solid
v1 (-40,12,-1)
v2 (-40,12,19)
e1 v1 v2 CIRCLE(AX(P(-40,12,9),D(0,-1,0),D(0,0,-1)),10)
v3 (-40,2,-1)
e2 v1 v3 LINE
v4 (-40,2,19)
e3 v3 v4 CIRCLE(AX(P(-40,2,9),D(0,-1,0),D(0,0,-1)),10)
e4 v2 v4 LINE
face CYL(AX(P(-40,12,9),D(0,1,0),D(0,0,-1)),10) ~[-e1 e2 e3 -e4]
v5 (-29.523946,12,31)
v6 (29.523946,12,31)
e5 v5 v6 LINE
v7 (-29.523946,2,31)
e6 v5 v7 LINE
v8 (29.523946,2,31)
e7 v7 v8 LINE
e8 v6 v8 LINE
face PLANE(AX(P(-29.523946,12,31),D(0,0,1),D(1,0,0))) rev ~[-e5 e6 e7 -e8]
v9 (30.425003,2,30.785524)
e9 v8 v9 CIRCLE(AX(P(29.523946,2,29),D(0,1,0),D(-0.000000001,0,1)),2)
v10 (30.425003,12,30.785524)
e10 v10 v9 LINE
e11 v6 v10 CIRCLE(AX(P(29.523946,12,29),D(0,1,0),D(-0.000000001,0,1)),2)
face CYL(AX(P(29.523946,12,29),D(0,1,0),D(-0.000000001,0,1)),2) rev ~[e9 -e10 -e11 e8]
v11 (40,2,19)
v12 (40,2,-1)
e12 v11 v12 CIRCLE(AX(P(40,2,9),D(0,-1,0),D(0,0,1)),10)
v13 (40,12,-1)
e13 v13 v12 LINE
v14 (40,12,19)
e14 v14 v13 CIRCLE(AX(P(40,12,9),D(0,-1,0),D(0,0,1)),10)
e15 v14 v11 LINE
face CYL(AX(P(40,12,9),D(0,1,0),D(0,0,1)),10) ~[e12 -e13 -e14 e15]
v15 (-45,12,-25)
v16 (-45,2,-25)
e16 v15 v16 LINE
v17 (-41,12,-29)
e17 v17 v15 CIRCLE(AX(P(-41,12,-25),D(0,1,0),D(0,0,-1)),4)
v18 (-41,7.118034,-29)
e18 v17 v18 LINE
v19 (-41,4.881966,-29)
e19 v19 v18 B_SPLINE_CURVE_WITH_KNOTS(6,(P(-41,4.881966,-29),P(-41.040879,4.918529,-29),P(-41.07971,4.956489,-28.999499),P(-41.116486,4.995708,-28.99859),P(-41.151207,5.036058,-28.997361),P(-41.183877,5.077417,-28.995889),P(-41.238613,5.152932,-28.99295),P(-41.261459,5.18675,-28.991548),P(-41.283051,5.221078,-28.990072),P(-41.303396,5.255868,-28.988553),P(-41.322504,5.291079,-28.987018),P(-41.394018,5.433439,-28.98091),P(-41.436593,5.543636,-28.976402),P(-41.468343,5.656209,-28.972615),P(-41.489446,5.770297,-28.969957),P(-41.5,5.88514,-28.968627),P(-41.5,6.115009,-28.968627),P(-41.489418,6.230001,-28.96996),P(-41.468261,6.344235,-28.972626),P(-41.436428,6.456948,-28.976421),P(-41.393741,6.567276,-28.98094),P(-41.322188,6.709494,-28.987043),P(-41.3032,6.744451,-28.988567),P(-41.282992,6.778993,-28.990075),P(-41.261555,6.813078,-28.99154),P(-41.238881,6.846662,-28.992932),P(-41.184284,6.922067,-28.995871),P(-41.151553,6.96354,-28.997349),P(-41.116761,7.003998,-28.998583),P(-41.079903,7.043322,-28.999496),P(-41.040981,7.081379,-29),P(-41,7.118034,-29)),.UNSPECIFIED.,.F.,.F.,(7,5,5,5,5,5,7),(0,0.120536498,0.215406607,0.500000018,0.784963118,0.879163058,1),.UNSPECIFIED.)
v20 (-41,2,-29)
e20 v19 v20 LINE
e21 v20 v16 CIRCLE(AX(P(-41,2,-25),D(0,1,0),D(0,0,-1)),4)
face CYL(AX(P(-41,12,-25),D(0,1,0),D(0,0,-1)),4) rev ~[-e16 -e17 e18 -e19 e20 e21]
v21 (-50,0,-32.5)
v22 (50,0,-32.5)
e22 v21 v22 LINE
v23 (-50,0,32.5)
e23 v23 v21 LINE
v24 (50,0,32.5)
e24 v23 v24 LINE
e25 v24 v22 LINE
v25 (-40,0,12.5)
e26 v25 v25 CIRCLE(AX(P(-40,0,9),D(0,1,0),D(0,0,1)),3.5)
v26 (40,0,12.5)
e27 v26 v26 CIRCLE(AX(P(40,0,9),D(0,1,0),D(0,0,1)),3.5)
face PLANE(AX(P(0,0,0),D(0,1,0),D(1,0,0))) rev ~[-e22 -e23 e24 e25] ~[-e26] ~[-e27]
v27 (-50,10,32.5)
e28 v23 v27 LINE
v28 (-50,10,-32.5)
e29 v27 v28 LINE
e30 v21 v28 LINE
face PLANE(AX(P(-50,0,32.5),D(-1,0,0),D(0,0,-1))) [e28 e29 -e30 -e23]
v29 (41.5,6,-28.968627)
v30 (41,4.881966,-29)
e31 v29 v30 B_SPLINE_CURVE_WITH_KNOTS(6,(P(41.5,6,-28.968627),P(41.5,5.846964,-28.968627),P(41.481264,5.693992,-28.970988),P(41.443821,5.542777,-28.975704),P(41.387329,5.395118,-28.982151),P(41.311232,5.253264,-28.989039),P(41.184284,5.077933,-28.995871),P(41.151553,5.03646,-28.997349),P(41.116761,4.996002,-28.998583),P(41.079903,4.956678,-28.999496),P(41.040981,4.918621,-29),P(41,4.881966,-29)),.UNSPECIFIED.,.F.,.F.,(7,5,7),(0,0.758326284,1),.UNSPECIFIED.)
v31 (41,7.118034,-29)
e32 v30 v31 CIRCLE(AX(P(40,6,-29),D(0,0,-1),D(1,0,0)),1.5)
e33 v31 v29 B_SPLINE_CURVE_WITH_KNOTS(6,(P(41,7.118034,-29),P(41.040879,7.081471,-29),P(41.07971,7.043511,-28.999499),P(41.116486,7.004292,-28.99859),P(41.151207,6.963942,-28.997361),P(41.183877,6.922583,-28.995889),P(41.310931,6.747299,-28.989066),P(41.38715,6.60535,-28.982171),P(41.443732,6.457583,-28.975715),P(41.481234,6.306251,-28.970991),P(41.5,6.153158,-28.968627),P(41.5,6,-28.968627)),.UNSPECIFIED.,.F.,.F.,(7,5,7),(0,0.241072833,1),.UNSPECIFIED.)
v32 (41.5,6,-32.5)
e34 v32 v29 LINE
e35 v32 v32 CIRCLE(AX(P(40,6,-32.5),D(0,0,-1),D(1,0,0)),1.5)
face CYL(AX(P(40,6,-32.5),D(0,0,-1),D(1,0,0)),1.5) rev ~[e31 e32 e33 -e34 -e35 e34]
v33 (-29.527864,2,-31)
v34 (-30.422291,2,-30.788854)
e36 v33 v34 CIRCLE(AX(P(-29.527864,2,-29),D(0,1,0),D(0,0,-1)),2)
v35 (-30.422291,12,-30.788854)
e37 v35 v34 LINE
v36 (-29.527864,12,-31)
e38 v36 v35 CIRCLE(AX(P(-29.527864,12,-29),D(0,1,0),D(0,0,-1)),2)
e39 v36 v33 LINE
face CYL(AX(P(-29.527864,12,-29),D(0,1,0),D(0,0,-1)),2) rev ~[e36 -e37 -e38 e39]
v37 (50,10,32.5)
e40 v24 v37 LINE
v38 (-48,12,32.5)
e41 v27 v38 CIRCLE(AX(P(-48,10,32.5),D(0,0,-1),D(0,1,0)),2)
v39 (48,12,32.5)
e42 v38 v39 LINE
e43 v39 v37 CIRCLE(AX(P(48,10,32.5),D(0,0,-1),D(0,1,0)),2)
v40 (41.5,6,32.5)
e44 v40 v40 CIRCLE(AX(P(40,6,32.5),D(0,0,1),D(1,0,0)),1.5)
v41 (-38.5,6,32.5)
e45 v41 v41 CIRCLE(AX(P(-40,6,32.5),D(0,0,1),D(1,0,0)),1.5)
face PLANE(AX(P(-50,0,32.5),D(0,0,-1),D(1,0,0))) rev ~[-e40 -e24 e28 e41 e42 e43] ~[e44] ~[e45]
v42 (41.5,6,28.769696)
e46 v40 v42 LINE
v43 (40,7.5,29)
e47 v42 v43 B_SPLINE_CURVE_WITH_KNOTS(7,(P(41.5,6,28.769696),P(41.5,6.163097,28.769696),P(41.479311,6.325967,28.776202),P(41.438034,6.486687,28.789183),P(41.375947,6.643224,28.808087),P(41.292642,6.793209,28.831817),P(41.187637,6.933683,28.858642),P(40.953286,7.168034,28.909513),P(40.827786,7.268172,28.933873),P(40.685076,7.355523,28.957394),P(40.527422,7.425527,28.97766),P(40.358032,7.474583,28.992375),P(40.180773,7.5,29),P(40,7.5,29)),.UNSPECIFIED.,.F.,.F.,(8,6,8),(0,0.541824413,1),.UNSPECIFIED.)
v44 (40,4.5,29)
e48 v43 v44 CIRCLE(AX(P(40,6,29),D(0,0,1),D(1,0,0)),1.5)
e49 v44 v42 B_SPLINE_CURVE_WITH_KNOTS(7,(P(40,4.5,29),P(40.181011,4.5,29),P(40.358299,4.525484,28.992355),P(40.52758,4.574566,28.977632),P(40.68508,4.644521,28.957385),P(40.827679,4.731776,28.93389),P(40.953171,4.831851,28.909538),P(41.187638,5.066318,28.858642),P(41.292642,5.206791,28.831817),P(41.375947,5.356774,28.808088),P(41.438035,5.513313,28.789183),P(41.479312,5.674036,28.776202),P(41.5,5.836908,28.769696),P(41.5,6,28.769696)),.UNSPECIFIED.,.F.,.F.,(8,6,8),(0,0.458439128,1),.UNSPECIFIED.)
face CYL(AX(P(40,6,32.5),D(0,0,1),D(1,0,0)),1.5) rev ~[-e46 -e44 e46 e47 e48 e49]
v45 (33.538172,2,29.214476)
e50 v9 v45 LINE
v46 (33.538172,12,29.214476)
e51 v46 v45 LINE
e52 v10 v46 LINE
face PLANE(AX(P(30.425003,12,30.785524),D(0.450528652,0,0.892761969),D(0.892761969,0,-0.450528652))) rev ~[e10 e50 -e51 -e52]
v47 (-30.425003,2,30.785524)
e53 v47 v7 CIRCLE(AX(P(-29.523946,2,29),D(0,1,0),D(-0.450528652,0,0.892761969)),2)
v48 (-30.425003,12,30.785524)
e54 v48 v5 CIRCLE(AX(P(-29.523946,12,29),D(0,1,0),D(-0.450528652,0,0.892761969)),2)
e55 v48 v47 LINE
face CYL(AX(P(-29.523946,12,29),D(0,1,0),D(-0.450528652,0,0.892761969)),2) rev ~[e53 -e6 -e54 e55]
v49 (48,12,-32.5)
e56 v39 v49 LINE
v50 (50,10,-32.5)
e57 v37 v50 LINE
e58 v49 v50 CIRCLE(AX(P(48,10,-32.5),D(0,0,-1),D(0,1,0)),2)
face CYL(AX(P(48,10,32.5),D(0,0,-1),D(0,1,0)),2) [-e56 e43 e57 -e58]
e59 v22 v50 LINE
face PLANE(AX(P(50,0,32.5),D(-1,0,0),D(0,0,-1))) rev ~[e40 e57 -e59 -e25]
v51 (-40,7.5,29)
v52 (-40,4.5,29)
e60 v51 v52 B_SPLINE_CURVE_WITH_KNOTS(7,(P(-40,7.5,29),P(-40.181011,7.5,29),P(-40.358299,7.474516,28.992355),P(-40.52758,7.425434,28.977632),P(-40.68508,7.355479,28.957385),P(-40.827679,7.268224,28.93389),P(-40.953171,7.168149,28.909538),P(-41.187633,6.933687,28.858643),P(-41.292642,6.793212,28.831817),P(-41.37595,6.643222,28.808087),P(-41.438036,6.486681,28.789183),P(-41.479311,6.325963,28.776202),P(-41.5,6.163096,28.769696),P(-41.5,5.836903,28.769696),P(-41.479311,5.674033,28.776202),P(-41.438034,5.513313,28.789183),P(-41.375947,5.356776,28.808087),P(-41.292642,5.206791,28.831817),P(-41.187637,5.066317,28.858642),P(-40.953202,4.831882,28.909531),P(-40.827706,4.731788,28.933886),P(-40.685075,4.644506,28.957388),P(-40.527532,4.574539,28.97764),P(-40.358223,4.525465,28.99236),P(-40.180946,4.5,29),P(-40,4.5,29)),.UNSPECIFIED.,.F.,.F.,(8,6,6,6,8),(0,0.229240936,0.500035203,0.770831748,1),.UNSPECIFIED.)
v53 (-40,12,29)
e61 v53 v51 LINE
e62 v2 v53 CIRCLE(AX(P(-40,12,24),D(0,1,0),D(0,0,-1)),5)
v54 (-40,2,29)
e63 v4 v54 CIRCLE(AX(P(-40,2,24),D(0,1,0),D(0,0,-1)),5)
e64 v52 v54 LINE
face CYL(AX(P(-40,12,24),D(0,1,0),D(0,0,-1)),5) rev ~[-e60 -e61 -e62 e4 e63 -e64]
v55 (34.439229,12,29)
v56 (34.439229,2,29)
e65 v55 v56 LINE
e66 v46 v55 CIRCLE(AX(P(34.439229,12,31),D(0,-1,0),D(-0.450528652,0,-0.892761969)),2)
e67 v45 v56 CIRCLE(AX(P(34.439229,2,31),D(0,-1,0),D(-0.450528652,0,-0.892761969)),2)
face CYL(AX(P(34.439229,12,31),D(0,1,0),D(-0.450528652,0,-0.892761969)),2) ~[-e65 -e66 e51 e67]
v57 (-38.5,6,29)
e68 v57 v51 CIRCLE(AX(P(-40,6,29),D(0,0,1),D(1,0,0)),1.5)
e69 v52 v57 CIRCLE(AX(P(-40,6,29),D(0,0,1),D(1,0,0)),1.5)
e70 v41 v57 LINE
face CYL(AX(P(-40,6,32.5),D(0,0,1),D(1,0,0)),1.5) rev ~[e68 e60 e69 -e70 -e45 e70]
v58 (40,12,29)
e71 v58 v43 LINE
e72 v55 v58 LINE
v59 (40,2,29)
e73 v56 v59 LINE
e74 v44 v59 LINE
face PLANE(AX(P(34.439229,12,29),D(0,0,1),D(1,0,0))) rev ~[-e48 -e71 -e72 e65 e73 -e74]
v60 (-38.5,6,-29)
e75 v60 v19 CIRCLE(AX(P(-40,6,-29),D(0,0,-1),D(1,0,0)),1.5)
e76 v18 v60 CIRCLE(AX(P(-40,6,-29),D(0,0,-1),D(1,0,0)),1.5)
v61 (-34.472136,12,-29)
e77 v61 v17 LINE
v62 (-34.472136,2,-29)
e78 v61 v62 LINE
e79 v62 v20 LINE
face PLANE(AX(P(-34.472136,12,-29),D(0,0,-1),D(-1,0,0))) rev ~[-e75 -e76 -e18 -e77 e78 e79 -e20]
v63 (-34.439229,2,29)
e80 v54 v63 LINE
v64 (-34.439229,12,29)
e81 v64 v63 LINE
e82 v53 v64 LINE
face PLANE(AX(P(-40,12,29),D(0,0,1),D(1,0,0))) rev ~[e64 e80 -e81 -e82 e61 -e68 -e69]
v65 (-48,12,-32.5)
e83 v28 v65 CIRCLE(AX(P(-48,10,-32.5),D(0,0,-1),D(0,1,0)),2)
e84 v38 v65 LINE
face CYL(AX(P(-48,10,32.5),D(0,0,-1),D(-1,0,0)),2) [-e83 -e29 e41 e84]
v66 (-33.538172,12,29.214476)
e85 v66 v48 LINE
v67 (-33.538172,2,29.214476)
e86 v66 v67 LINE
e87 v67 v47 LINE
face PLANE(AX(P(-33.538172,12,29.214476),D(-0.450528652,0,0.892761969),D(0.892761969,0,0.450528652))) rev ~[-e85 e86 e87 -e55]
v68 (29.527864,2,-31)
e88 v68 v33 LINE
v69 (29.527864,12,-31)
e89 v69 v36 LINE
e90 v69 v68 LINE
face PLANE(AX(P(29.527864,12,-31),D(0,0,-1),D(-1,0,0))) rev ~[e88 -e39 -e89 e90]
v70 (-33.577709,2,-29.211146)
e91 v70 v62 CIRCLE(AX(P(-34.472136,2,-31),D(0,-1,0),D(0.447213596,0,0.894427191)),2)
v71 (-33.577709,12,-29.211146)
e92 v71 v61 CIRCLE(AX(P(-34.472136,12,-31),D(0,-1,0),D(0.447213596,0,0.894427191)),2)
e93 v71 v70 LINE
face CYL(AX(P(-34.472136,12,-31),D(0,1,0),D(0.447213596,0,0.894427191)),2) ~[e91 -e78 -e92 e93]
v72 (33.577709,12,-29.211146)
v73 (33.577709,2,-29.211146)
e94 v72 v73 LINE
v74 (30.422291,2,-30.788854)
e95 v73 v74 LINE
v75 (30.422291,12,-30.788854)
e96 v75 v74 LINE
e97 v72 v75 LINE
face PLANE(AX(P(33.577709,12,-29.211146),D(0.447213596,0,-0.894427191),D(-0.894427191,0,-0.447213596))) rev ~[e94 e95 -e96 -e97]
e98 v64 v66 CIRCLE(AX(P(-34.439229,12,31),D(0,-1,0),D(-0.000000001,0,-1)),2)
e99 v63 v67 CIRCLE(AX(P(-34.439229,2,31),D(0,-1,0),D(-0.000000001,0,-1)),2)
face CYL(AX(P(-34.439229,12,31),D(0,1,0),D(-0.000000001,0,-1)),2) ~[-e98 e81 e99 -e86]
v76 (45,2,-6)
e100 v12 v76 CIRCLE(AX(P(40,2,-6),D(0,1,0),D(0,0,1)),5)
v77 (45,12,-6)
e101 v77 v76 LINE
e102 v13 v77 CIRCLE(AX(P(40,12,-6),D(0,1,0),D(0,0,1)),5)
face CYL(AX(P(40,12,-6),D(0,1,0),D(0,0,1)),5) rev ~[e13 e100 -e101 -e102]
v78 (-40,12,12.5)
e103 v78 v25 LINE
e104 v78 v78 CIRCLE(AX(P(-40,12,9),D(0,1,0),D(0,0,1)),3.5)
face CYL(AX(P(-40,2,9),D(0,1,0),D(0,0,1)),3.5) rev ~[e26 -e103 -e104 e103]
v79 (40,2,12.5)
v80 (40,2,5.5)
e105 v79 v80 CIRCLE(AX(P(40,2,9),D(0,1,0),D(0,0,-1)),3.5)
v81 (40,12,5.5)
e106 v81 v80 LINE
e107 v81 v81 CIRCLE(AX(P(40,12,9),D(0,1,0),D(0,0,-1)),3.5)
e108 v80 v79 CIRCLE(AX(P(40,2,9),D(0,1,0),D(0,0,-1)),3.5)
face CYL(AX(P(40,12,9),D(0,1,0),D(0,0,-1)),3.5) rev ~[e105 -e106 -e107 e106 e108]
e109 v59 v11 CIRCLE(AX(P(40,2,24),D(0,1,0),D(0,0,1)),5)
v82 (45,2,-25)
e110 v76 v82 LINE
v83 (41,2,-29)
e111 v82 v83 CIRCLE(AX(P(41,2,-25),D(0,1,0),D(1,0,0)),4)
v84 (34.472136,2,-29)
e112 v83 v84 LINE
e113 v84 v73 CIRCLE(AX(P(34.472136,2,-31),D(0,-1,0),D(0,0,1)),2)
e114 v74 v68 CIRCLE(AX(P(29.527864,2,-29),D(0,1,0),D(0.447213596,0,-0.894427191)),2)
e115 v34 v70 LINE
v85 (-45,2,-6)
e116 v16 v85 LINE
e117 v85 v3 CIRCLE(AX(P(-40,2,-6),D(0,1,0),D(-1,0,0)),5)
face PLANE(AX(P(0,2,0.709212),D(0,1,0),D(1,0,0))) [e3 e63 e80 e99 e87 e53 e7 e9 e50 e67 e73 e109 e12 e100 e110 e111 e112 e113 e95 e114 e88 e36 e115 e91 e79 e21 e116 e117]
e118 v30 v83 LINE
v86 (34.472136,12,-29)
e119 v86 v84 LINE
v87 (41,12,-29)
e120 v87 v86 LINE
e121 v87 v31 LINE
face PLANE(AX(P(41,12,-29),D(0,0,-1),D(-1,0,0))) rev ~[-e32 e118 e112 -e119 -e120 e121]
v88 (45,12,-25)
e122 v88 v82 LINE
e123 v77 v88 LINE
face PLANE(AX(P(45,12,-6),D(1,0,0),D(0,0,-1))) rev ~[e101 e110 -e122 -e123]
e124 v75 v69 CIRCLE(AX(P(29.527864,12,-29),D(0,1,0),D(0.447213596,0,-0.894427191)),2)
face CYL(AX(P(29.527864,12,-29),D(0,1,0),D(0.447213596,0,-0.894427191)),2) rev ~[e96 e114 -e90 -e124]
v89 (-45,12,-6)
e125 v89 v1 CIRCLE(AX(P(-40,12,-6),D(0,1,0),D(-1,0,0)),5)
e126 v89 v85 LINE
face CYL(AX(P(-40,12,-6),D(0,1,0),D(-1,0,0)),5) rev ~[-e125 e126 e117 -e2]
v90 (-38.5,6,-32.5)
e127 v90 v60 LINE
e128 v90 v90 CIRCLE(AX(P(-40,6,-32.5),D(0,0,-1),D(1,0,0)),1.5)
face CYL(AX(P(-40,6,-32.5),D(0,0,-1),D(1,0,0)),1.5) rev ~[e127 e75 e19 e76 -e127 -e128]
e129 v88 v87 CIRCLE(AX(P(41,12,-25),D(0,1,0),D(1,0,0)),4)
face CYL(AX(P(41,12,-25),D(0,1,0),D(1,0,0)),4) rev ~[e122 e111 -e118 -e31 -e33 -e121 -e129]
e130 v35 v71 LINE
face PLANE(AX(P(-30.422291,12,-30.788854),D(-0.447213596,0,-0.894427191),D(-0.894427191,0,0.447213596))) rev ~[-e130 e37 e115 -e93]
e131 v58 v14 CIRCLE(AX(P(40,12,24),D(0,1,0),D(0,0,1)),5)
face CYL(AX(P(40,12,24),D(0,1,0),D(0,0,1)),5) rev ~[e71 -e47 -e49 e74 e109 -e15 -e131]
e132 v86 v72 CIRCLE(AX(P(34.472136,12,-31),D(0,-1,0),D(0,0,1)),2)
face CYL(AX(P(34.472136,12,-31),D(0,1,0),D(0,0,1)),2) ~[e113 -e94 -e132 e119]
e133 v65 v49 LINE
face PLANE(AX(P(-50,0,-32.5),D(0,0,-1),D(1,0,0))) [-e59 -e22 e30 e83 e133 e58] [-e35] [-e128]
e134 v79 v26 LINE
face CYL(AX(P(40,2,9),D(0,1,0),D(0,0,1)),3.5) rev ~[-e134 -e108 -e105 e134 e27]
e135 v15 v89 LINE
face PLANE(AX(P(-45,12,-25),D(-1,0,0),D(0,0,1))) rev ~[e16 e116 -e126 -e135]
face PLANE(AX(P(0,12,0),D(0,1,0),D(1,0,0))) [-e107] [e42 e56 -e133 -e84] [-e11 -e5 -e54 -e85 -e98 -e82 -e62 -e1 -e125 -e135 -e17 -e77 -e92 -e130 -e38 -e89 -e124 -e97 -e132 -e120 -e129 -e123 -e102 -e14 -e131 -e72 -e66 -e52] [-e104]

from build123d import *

# Parameters (mm, degrees)
SKETCH_1_W          = 100
SKETCH_1_H          = 65
EXTRUDE_1_DEPTH     = 12
SKETCH_2_R          = 3.5
CUT_EXTRUDE_2_DEPTH = 10
SKETCH_3_R          = 3.5
CUT_EXTRUDE_3_DEPTH = 61.466933112
SKETCH_4_R          = 3.5
CUT_EXTRUDE_4_DEPTH = 61.466933112
CUT_EXTRUDE_5_REACH = 84.879
SKETCH_5_R          = 1.5
CUT_EXTRUDE_6_REACH = 84.879
SKETCH_6_R          = 1.5
FILLET_3_R          = 2


with BuildPart() as part:
    # 草图1 → 凸台-拉伸1 (new body)
    with BuildSketch(Plane(origin=(0, 0, 0), x_dir=(1, 0, 0), z_dir=(0, 1, 0))):
        Rectangle(SKETCH_1_W, SKETCH_1_H)
    extrude(amount=EXTRUDE_1_DEPTH)

    # 草图2 → 切除-拉伸2 (cut)
    with BuildSketch(Plane(origin=(0, 12, 0), x_dir=(1, 0, 0), z_dir=(0, 1, 0))):
        with Locations(Location((-40, -9, 0), (0, 0, 270))):
            Circle(SKETCH_2_R)
        with Locations(Location((40, -9, 0), (0, 0, 90))):
            Circle(SKETCH_2_R)
        with BuildLine():
            Line((-30.422291236, 30.788854382), (-33.577708764, 29.211145618))
            ThreePointArc((-33.577708764, 29.211145618), (-34.012630114, 29.053502021), (-34.472135955, 29))
            Line((-34.472135955, 29), (-41, 29))
            ThreePointArc((-41, 29), (-43.828427125, 27.828427125), (-45, 25))
            Line((-45, 25), (-45, 6))
            ThreePointArc((-45, 6), (-43.535533906, 2.464466094), (-40, 1))
            ThreePointArc((-40, 1), (-30, -9), (-40, -19))
            ThreePointArc((-40, -19), (-45, -24), (-40, -29))
            Line((-40, -29), (-34.439229319, -29))
            ThreePointArc((-34.439229319, -29), (-33.976113717, -29.054357705), (-33.538172016, -29.214476061))
            Line((-33.538172016, -29.214476061), (-30.425003094, -30.785523939))
            ThreePointArc((-30.425003094, -30.785523939), (-29.987061393, -30.945642295), (-29.52394579, -31))
            Line((-29.52394579, -31), (29.52394579, -31))
            ThreePointArc((29.52394579, -31), (29.987061393, -30.945642295), (30.425003094, -30.785523939))
            Line((30.425003094, -30.785523939), (33.538172016, -29.214476061))
            ThreePointArc((33.538172016, -29.214476061), (33.976113717, -29.054357705), (34.439229319, -29))
            Line((34.439229319, -29), (40, -29))
            ThreePointArc((40, -29), (45, -24), (40, -19))
            ThreePointArc((40, -19), (30, -9), (40, 1))
            ThreePointArc((40, 1), (43.535533906, 2.464466094), (45, 6))
            Line((45, 6), (45, 25))
            ThreePointArc((45, 25), (43.828427125, 27.828427125), (41, 29))
            Line((41, 29), (34.472135955, 29))
            ThreePointArc((34.472135955, 29), (34.012630114, 29.053502021), (33.577708764, 29.211145618))
            Line((33.577708764, 29.211145618), (30.422291236, 30.788854382))
            ThreePointArc((30.422291236, 30.788854382), (29.987369886, 30.946497979), (29.527864045, 31))
            Line((29.527864045, 31), (-29.527864045, 31))
            ThreePointArc((-29.527864045, 31), (-29.987369886, 30.946497979), (-30.422291236, 30.788854382))
        make_face()
    extrude(amount=-CUT_EXTRUDE_2_DEPTH, mode=Mode.SUBTRACT)

    # 草图3 → 切除-拉伸3 (cut, through all)
    with BuildSketch(Plane(origin=(0, 2, 0), x_dir=(1, 0, 0), z_dir=(0, 1, 0))):
        with Locations(Location((-40, -9, 0), (0, 0, 270))):
            Circle(SKETCH_3_R)
    extrude(amount=-CUT_EXTRUDE_3_DEPTH, mode=Mode.SUBTRACT)

    # 草图4 → 切除-拉伸4 (cut, through all)
    with BuildSketch(Plane(origin=(0, 2, 0), x_dir=(1, 0, 0), z_dir=(0, 1, 0))):
        with Locations(Location((40, -9, 0), (0, 0, 270))):
            Circle(SKETCH_4_R)
    extrude(amount=-CUT_EXTRUDE_4_DEPTH, mode=Mode.SUBTRACT)

    # 草图5 → 切除-拉伸5 (cut, up to next)
    with BuildSketch(Plane.XY.offset(32.5), mode=Mode.PRIVATE) as cut_extrude_5_sk1:
        with Locations((-40, 6)):
            Circle(SKETCH_5_R)
    cut_extrude_5_tool1 = extrude(cut_extrude_5_sk1.sketch, amount=-CUT_EXTRUDE_5_REACH, mode=Mode.PRIVATE) & part.part
    # 草图5 → 切除-拉伸5 (cut, up to next)
    with BuildSketch(Plane.XY.offset(32.5), mode=Mode.PRIVATE) as cut_extrude_5_sk2:
        with Locations((40, 6)):
            Circle(SKETCH_5_R)
    cut_extrude_5_tool2 = extrude(cut_extrude_5_sk2.sketch, amount=-CUT_EXTRUDE_5_REACH, mode=Mode.PRIVATE) & part.part
    add(cut_extrude_5_tool1.solids().sort_by_distance((-40, 6, 32.5))[0], mode=Mode.SUBTRACT)
    add(cut_extrude_5_tool2.solids().sort_by_distance((40, 6, 32.5))[0], mode=Mode.SUBTRACT)

    # 草图6 → 切除-拉伸6 (cut, up to next)
    with BuildSketch(Plane(origin=(0, 0, -32.5), x_dir=(-1, 0, 0), z_dir=(0, 0, -1)), mode=Mode.PRIVATE) as cut_extrude_6_sk1:
        with Locations(Location((-40, 6, 0), (0, 0, 180))):
            Circle(SKETCH_6_R)
    cut_extrude_6_tool1 = extrude(cut_extrude_6_sk1.sketch, amount=-CUT_EXTRUDE_6_REACH, mode=Mode.PRIVATE) & part.part
    # 草图6 → 切除-拉伸6 (cut, up to next)
    with BuildSketch(Plane(origin=(0, 0, -32.5), x_dir=(-1, 0, 0), z_dir=(0, 0, -1)), mode=Mode.PRIVATE) as cut_extrude_6_sk2:
        with Locations(Location((40, 6, 0), (0, 0, 180))):
            Circle(SKETCH_6_R)
    cut_extrude_6_tool2 = extrude(cut_extrude_6_sk2.sketch, amount=-CUT_EXTRUDE_6_REACH, mode=Mode.PRIVATE) & part.part
    add(cut_extrude_6_tool1.solids().sort_by_distance((40, 6, -32.5))[0], mode=Mode.SUBTRACT)
    add(cut_extrude_6_tool2.solids().sort_by_distance((-40, 6, -32.5))[0], mode=Mode.SUBTRACT)

    # 圆角3
    fillet_3_edges = [part.edges().sort_by_distance(p)[0] for p in [
        (-50, 12, 0),
        (50, 12, 0),
    ]]
    fillet(fillet_3_edges, radius=FILLET_3_R)


solid = part.part
